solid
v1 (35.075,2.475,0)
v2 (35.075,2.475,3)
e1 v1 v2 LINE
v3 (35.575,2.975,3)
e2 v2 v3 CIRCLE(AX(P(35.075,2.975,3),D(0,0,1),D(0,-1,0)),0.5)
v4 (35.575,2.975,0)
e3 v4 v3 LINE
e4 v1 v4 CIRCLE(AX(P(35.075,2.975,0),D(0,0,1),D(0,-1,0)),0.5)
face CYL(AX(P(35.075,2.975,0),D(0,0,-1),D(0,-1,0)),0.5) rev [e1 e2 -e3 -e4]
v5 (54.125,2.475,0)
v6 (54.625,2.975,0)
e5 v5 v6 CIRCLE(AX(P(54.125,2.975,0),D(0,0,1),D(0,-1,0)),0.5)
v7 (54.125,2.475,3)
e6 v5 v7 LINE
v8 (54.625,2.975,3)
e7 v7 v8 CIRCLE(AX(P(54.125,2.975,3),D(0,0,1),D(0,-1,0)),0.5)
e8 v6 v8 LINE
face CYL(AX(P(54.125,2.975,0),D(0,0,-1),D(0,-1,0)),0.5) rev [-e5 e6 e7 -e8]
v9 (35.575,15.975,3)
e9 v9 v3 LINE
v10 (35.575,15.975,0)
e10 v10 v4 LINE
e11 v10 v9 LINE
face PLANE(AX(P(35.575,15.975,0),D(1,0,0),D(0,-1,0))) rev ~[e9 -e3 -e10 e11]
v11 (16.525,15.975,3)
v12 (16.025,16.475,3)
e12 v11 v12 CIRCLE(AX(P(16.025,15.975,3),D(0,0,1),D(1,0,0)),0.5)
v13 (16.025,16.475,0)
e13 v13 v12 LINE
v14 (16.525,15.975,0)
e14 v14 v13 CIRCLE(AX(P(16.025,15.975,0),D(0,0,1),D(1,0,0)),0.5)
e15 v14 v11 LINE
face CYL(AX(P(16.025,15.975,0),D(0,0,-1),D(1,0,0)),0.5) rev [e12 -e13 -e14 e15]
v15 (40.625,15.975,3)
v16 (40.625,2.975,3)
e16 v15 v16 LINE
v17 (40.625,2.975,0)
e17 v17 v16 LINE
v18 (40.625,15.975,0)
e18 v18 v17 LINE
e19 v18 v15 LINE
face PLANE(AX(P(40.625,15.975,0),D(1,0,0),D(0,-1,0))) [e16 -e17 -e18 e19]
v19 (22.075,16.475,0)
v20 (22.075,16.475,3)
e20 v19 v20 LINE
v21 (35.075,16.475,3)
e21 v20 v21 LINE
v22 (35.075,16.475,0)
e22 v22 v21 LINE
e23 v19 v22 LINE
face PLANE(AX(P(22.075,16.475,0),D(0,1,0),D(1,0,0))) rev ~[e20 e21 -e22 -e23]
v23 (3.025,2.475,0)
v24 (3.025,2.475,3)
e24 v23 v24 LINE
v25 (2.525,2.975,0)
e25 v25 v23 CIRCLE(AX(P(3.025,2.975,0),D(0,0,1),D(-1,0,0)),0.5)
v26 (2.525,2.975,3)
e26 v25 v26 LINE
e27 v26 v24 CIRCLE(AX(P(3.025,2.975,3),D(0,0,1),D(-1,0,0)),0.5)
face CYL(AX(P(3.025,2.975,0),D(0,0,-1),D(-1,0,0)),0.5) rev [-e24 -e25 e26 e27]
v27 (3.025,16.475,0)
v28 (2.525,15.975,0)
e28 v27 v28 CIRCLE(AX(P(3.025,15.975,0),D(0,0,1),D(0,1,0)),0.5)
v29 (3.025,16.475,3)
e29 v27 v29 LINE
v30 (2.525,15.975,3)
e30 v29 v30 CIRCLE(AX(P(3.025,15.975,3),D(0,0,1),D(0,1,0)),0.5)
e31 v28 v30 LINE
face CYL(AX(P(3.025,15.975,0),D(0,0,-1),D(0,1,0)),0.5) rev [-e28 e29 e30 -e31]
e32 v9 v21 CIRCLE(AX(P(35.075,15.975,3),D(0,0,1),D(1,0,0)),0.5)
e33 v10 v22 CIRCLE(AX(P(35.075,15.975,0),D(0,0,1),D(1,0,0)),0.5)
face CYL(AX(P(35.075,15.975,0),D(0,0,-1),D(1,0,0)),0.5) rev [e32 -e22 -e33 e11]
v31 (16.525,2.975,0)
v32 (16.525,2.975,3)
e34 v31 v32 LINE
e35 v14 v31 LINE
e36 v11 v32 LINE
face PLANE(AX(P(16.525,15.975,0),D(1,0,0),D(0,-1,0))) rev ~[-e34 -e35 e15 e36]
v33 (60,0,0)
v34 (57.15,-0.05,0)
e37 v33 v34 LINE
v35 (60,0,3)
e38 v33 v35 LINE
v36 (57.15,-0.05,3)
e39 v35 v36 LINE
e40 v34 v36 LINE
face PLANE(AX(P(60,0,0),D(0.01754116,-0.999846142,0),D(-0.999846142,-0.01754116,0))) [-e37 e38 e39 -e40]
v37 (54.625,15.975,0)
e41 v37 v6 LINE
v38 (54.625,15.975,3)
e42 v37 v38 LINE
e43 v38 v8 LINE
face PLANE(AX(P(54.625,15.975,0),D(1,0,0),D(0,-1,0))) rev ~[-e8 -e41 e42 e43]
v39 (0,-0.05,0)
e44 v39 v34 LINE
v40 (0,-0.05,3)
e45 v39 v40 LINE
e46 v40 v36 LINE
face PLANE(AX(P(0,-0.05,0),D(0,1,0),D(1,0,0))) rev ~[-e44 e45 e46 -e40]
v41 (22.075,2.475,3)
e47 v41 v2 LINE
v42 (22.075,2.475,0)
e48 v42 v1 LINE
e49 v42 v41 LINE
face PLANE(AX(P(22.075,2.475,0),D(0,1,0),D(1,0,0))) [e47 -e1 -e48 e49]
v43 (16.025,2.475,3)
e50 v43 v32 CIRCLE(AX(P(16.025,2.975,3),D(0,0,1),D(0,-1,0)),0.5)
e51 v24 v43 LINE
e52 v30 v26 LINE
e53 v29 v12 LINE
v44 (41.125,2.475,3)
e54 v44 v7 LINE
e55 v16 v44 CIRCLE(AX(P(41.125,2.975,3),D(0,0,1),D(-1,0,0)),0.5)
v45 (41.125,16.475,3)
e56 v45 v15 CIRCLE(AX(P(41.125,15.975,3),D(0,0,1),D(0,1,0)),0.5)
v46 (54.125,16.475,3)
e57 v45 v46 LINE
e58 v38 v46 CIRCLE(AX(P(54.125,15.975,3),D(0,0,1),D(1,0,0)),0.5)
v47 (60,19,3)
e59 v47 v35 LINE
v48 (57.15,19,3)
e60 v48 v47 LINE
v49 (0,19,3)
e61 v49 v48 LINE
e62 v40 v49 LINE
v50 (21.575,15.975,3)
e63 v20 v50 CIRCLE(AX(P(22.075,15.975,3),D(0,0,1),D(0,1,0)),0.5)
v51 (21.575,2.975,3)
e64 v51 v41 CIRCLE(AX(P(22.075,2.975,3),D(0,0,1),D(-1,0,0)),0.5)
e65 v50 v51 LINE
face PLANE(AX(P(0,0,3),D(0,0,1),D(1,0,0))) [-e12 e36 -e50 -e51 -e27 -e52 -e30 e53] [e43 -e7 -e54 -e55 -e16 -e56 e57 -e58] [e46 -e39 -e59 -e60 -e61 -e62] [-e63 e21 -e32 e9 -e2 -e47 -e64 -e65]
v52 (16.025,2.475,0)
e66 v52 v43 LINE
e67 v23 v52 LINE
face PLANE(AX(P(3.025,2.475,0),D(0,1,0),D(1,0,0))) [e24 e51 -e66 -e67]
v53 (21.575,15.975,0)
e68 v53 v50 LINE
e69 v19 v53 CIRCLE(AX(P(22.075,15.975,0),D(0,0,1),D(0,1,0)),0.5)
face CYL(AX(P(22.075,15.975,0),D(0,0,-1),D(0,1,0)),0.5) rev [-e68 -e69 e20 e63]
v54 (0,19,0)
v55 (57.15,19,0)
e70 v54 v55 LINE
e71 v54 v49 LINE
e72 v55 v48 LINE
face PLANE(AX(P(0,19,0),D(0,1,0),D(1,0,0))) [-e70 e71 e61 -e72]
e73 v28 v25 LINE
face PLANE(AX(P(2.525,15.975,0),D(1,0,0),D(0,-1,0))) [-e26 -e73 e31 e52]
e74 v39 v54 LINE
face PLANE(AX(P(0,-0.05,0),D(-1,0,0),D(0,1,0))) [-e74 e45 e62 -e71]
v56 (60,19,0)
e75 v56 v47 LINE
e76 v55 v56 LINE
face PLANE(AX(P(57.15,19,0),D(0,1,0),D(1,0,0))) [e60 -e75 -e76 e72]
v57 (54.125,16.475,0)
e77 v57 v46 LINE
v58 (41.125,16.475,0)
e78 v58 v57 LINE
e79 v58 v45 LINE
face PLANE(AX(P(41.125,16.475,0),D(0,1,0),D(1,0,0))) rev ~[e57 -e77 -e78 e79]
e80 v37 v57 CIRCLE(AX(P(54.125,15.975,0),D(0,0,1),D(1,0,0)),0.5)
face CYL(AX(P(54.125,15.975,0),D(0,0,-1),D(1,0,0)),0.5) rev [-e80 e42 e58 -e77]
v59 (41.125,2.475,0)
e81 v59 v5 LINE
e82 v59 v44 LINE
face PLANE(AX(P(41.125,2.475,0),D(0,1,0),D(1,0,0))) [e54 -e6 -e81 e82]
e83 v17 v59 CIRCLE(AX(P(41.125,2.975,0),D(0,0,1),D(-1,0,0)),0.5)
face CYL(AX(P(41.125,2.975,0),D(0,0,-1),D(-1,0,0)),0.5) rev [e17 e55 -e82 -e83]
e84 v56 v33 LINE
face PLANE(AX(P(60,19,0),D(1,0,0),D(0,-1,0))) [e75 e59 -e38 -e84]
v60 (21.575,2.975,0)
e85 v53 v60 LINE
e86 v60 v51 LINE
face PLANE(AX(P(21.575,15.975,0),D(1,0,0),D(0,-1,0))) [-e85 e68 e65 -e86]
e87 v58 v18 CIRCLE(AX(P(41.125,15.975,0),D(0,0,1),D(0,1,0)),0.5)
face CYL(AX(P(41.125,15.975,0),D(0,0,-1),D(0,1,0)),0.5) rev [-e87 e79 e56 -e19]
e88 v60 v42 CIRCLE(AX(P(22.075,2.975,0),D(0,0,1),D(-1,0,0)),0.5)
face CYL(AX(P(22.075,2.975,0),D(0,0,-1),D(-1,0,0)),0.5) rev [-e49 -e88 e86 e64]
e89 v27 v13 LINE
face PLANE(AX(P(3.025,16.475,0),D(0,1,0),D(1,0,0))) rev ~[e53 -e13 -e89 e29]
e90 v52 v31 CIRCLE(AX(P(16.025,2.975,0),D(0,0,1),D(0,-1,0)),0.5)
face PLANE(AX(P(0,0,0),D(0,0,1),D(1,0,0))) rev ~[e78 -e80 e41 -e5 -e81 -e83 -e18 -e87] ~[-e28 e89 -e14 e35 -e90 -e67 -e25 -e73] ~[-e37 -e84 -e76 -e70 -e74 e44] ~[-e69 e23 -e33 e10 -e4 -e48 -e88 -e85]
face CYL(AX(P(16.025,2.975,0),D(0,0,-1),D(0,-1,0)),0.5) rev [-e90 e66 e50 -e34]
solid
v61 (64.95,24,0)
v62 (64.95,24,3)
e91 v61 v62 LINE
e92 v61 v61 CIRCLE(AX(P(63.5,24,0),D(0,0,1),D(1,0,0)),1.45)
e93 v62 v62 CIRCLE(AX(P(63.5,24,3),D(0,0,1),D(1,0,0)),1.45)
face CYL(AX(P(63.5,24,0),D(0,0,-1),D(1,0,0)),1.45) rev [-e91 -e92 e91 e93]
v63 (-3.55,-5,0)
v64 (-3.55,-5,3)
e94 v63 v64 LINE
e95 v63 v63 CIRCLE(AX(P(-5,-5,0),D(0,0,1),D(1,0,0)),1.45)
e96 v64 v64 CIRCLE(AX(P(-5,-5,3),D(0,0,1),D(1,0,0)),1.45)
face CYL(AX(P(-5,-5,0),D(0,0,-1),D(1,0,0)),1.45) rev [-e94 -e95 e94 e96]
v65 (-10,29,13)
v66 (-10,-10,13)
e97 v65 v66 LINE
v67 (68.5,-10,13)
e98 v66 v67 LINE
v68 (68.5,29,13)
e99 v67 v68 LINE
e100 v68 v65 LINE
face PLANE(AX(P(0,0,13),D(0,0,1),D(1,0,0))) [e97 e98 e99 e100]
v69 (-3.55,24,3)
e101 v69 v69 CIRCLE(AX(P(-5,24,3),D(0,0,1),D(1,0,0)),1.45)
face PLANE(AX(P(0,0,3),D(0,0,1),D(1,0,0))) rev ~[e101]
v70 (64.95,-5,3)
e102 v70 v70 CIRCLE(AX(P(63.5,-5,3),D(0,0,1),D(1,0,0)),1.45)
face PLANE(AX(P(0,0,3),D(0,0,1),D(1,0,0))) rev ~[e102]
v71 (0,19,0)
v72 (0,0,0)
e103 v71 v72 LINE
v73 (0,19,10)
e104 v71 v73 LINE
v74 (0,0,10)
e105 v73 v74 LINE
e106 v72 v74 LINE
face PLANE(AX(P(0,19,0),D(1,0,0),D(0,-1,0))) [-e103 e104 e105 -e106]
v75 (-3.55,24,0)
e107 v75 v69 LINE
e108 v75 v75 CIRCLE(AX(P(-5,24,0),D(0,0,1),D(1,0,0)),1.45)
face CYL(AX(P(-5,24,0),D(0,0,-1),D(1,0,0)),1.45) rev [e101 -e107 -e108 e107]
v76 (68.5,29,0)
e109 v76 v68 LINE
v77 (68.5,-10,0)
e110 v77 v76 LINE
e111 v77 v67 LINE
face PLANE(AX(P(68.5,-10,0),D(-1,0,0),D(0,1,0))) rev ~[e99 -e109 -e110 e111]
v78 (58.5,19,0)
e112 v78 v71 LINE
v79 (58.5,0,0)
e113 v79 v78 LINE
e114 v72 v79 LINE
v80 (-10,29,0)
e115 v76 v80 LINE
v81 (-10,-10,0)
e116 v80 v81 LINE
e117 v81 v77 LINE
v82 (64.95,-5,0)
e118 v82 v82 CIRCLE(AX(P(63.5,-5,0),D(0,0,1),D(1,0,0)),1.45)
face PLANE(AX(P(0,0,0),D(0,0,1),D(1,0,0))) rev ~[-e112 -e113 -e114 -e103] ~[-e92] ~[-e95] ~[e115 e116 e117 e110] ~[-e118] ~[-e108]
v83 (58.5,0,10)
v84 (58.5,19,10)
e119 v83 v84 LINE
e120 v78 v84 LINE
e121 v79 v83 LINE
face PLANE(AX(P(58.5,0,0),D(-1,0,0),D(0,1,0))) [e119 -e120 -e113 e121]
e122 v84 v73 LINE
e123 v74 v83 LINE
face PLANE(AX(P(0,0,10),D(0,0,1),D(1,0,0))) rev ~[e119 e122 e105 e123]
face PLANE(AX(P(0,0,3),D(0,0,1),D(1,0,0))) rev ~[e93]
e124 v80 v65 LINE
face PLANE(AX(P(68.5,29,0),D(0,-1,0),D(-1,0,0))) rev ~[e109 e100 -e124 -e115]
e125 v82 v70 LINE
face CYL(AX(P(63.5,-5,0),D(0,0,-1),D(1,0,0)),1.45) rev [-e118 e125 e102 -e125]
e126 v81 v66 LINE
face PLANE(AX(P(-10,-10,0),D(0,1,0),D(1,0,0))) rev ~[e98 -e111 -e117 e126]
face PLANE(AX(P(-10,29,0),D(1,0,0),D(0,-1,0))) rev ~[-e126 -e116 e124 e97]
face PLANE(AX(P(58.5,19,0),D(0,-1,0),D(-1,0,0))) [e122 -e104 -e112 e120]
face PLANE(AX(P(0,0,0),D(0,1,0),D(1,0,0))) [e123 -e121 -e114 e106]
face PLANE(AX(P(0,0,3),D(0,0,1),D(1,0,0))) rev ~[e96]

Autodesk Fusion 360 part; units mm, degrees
sketch "Sketch3" plane through (0, 0, 0) normal (0, 0, 1) x (1, 0, 0)
  line L0 (0, 0) -> (58.5, 0)
  line L1 (58.5, 0) -> (58.5, 19)
  line L2 (58.5, 19) -> (0, 19)
  line L3 (0, 19) -> (0, 0)
  dimension "d1" = 58.5
  dimension "d2" = 19
sketch "Sketch6" plane through (0, 0, 0) normal (0, 0, 1) x (1, 0, 0)
  line L0 (-10, -10) -> (68.5, -10)
  line L1 (68.5, -10) -> (68.5, 29)
  line L2 (68.5, 29) -> (-10, 29)
  line L3 (-10, 29) -> (-10, -10)
  dimension "d5" = 78.5
  dimension "d6" = 39
sketch "Sketch8" plane through (0, 0, 0) normal (0, 0, 1) x (1, 0, 0)
  circle A0 centre (-5, 24) radius 1.45
  circle A1 centre (-5, -5) radius 1.45
  circle A2 centre (63.5, -5) radius 1.45
  circle A3 centre (63.5, 24) radius 1.45
  dimension "d7" = 2.9
  dimension "d8" = 2.9
  dimension "d9" = 2.9
  dimension "d10" = 2.9
extrude "Extrude1" add sketch "Sketch6" along normal blind 13 makes body 1
extrude "Extrude2" cut sketch "Sketch3" along normal blind 10 bodies 1
extrude "Extrude3" cut sketch "Sketch8" along normal blind 3 bodies 1
sketch "plate-2026-09-07T15_19_25.806Z" plane through (0, 0, 0) normal (0, 0, 1) x (1, 0, 0)
  line L0 (3.025, 16.475) -> (16.025, 16.475)
  line L1 (3.025, 2.475) -> (16.025, 2.475)
  line L2 (2.525, 15.975) -> (2.525, 2.975)
  line L3 (16.525, 15.975) -> (16.525, 2.975)
  arc A0 (3.025, 16.475) -> (2.525, 15.975) centre (3.025, 15.975) ccw
  arc A1 (16.525, 15.975) -> (16.025, 16.475) centre (16.025, 15.975) ccw
  arc A2 (2.525, 2.975) -> (3.025, 2.475) centre (3.025, 2.975) ccw
  arc A3 (16.025, 2.475) -> (16.525, 2.975) centre (16.025, 2.975) ccw
  line L4 (22.075, 16.475) -> (35.075, 16.475)
  line L5 (22.075, 2.475) -> (35.075, 2.475)
  line L6 (21.575, 15.975) -> (21.575, 2.975)
  line L7 (35.575, 15.975) -> (35.575, 2.975)
  arc A4 (22.075, 16.475) -> (21.575, 15.975) centre (22.075, 15.975) ccw
  arc A5 (35.575, 15.975) -> (35.075, 16.475) centre (35.075, 15.975) ccw
  arc A6 (21.575, 2.975) -> (22.075, 2.475) centre (22.075, 2.975) ccw
  arc A7 (35.075, 2.475) -> (35.575, 2.975) centre (35.075, 2.975) ccw
  line L8 (41.125, 16.475) -> (54.125, 16.475)
  line L9 (41.125, 2.475) -> (54.125, 2.475)
  line L10 (40.625, 15.975) -> (40.625, 2.975)
  line L11 (54.625, 15.975) -> (54.625, 2.975)
  arc A8 (41.125, 16.475) -> (40.625, 15.975) centre (41.125, 15.975) ccw
  arc A9 (54.625, 15.975) -> (54.125, 16.475) centre (54.125, 15.975) ccw
  arc A10 (40.625, 2.975) -> (41.125, 2.475) centre (41.125, 2.975) ccw
  arc A11 (54.125, 2.475) -> (54.625, 2.975) centre (54.125, 2.975) ccw
  line L12 (0, -0.05) -> (57.15, -0.05)
  line L13 (0, 19) -> (57.15, 19)
  line L14 (0, -0.05) -> (0, 19)
  line L15 (57.15, 19) -> (60, 19)
  line L16 (60, 19) -> (60, 0)
  line L17 (60, 0) -> (57.15, -0.05)
extrude "Extrude4" add sketch "plate-2026-09-07T15_19_25.806Z" along normal blind 3 separate body makes body 2
sketch "Sketch10" plane through (0, 0, 3) normal (0, 0, -1) x (1, 0, 0)
  circle A0 centre (63.5, 5) radius 1.45
sketch "Sketch1" plane through (0, 0, 0) normal (0, 0, 1) x (1, 0, 0)
sketch "Sketch2" plane through (0, 0, 0) normal (0, 0, 1) x (1, 0, 0)
